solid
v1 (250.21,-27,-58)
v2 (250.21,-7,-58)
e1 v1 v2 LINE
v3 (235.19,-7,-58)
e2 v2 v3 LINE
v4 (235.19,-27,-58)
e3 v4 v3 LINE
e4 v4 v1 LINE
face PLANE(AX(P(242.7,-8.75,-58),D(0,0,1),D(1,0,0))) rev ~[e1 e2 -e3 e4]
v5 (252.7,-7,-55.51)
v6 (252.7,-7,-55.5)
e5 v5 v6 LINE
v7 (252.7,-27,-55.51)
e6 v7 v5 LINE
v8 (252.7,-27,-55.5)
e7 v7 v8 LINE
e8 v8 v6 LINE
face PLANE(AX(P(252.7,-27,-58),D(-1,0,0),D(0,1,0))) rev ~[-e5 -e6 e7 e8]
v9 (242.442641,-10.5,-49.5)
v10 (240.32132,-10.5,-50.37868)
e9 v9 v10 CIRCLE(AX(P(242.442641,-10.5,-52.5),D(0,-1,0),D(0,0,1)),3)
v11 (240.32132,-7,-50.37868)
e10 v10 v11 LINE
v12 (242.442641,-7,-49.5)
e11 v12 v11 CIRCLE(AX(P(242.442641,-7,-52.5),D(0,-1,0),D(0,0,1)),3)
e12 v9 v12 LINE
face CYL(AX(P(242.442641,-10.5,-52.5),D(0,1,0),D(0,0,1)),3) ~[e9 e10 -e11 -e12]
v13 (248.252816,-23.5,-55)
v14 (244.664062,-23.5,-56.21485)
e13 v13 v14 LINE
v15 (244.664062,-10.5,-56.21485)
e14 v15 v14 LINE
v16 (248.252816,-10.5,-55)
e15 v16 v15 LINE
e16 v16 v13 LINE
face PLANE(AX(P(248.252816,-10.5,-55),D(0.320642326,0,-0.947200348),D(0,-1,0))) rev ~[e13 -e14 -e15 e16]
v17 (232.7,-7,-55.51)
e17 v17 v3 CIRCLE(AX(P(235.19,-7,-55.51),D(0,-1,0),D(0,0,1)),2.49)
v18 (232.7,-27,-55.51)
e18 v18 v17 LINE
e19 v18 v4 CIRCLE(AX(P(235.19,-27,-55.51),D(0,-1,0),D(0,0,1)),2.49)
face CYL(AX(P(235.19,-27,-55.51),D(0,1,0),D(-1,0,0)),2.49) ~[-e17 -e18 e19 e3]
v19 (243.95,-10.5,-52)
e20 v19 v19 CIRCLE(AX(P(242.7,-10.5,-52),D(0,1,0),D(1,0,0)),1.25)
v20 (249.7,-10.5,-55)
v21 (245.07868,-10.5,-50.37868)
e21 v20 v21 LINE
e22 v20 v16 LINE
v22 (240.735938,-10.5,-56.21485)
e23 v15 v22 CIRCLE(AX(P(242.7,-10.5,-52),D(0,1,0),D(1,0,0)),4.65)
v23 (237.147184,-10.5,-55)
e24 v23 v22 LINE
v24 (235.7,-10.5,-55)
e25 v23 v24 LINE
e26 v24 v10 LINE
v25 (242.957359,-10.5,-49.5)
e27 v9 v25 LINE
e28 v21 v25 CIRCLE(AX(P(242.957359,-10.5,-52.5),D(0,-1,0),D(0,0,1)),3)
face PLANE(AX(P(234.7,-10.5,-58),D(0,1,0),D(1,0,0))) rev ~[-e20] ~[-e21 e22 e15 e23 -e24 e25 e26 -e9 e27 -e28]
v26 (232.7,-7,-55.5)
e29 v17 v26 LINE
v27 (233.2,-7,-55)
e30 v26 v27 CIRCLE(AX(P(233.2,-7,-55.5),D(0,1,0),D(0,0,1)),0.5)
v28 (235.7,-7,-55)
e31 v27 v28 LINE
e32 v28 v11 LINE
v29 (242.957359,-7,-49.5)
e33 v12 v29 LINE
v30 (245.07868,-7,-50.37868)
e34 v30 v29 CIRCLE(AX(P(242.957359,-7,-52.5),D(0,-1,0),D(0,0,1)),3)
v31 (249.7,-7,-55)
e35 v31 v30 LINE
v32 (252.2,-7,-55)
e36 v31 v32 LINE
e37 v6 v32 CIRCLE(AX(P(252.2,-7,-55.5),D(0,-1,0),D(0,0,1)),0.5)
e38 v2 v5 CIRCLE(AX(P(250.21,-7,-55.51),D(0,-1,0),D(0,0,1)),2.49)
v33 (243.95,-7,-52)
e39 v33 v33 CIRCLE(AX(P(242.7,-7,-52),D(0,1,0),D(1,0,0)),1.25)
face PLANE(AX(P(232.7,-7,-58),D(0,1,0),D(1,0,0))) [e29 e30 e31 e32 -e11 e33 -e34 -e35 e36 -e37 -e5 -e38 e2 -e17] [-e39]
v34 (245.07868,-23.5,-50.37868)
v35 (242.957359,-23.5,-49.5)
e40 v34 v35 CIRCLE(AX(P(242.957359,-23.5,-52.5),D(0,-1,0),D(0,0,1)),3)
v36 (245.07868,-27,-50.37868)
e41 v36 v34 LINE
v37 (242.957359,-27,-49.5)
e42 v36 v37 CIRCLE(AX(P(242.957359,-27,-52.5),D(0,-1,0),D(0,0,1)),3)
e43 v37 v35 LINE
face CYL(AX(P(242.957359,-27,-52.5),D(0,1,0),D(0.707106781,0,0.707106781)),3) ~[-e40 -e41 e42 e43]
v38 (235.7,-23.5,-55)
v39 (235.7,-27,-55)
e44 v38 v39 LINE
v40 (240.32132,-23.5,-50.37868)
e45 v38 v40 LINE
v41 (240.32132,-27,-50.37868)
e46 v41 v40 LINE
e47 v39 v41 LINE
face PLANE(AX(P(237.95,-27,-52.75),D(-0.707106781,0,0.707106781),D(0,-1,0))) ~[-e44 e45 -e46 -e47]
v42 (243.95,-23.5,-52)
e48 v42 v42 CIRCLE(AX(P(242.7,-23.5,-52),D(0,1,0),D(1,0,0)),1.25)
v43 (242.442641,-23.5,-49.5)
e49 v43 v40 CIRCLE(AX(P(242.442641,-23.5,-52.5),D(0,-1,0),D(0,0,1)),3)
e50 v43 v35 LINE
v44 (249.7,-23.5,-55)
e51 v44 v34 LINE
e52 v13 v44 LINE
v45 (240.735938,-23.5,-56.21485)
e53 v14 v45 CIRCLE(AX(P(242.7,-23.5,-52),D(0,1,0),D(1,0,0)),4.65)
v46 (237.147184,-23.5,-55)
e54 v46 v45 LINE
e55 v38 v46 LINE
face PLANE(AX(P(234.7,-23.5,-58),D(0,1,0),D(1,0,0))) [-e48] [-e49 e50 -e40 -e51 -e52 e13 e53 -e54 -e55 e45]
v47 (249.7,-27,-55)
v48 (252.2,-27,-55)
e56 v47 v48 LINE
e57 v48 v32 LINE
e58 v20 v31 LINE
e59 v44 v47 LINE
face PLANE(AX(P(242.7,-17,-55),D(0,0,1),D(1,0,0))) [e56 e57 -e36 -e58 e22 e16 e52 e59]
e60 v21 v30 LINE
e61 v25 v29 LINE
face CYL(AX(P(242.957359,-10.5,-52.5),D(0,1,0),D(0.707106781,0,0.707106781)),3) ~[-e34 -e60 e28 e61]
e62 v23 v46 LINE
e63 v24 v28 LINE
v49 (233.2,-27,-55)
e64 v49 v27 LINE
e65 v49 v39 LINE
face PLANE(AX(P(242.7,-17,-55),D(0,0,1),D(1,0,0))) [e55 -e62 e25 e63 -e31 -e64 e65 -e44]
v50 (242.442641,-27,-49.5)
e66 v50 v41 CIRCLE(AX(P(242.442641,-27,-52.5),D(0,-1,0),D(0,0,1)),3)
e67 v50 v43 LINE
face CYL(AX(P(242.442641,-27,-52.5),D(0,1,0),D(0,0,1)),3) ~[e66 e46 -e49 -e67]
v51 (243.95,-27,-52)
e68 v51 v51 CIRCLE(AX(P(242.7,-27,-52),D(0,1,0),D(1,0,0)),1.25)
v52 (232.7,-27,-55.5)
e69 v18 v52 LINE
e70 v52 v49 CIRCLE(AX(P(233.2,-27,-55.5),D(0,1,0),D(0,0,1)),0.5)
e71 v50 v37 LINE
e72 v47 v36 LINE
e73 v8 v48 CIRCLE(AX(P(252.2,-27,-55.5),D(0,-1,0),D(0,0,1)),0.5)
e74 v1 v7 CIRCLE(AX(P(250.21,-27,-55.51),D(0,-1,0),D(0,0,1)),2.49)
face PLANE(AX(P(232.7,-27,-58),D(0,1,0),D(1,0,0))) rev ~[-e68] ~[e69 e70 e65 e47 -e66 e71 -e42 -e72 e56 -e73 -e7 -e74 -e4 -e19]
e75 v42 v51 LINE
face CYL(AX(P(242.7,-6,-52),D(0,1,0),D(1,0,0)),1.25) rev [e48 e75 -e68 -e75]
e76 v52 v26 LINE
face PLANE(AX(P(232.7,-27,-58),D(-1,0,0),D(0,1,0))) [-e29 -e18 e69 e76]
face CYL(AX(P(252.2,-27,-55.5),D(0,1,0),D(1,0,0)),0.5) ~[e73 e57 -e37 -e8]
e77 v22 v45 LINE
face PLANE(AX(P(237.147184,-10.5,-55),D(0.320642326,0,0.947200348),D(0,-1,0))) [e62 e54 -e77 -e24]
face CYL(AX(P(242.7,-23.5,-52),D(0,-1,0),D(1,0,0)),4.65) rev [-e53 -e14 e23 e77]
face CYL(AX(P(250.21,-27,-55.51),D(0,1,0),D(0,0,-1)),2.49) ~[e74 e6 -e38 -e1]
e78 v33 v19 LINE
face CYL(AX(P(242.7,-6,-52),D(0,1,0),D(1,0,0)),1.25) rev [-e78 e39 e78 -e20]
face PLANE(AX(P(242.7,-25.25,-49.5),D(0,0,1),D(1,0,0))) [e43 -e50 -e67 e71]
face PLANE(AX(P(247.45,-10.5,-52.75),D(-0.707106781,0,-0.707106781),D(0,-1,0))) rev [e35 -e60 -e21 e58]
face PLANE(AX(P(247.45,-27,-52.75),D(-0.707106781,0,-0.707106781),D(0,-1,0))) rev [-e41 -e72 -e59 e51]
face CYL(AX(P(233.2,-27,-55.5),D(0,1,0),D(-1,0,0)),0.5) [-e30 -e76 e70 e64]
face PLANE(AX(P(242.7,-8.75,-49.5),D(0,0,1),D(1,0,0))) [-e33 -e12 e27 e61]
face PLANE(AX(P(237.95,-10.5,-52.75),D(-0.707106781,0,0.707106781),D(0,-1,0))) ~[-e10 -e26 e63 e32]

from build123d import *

# Parameters (mm, degrees)
CYLINDER220_R     = 1.25
CYLINDER220_DEPTH = 22
CYLINDER219_R     = 4.65
CYLINDER219_DEPTH = 13
BOX145_W          = 20
BOX145_H          = 20
BOX145_DEPTH      = 3
CHAMFER004_SIZE   = 2
BOX146_W          = 16
BOX146_H          = 3.5
BOX146_DEPTH      = 8.5
CHAMFER005_SIZE   = 6.5
BOX144_W          = 16
BOX144_H          = 3.5
BOX144_DEPTH      = 8.5
CHAMFER003_SIZE   = 6.5
FILLET061_R       = 3
FILLET060_R       = 2.49
FILLET059_R       = 0.5


with BuildPart() as cylinder479:
    # Cylinder220 → Cylinder220 (new body)
    with BuildSketch(Plane(origin=(320, 13, -68), x_dir=(1, 0, 0), z_dir=(0, -1, 0))):
        Circle(CYLINDER220_R)
    extrude(amount=CYLINDER220_DEPTH)


with BuildPart() as cylinder484:
    # Cylinder219 → Cylinder219 (new body)
    with BuildSketch(Plane(origin=(320, -4.5, -68), x_dir=(1, 0, 0), z_dir=(0, 1, 0))):
        Circle(CYLINDER219_R)
    extrude(amount=CYLINDER219_DEPTH)


with BuildPart() as chamfer004:
    # Box145 → Box145 (new body)
    with BuildSketch(Plane(origin=(310, -8, -74), x_dir=(1, 0, 0), z_dir=(0, 0, 1))):
        with Locations((10, 10)):
            Rectangle(BOX145_W, BOX145_H)
    extrude(amount=BOX145_DEPTH)

    # Cut154: cut Cylinder484
    add(cylinder484.part, mode=Mode.SUBTRACT)

    # Chamfer004
    chamfer004_edges = [chamfer004.edges().sort_by_distance(p)[0] for p in [
        (323.552816, 2, -71),
        (316.447184, 2, -71),
    ]]
    chamfer(chamfer004_edges, length=CHAMFER004_SIZE)


with BuildPart() as chamfer005:
    # Box146 → Box146 (new body)
    with BuildSketch(Plane(origin=(311, 8.5, -74), x_dir=(1, 0, 0), z_dir=(0, 0, 1))):
        with Locations((8, 1.75)):
            Rectangle(BOX146_W, BOX146_H)
    extrude(amount=BOX146_DEPTH)

    # Chamfer005
    chamfer005_edges = [chamfer005.edges().sort_by_distance(p)[0] for p in [
        (311, 10.25, -65.5),
        (327, 10.25, -65.5),
    ]]
    chamfer(chamfer005_edges, length=CHAMFER005_SIZE)


with BuildPart() as chamfer005_1:
    # Chamfer005 placement: moved
    add(chamfer005.part.moved(Location((1, 0, 0))))


with BuildPart() as supports_left_foot:
    # Box144 → Box144 (new body)
    with BuildSketch(Plane(origin=(311, 8.5, -74), x_dir=(1, 0, 0), z_dir=(0, 0, 1))):
        with Locations((8, 1.75)):
            Rectangle(BOX144_W, BOX144_H)
    extrude(amount=BOX144_DEPTH)

    # Chamfer003
    chamfer003_edges = [supports_left_foot.edges().sort_by_distance(p)[0] for p in [
        (311, 10.25, -65.5),
        (327, 10.25, -65.5),
    ]]
    chamfer(chamfer003_edges, length=CHAMFER003_SIZE)


with BuildPart() as supports_left_foot_1:
    # Chamfer003 placement: moved
    add(supports_left_foot.part.moved(Location((1, -16.5, 0))))

    # Fusion189: union Chamfer004, Chamfer005
    add(chamfer004.part)
    add(chamfer005_1.part)

    # Fillet061
    fillet061_edges = [supports_left_foot_1.edges().sort_by_distance(p)[0] for p in [
        (318.5, -6.25, -65.5),
        (321.5, -6.25, -65.5),
        (318.5, 10.25, -65.5),
        (321.5, 10.25, -65.5),
    ]]
    fillet(fillet061_edges, radius=FILLET061_R)

    # Fillet060
    fillet060_edges = [supports_left_foot_1.edges().sort_by_distance(p)[0] for p in [
        (330, 2, -74),
        (310, 2, -74),
    ]]
    fillet(fillet060_edges, radius=FILLET060_R)

    # Fillet059
    fillet059_edges = [supports_left_foot_1.edges().sort_by_distance(p)[0] for p in [
        (330, 2, -71),
        (310, 2, -71),
    ]]
    fillet(fillet059_edges, radius=FILLET059_R)

    # Cut153: cut Cylinder479
    add(cylinder479.part, mode=Mode.SUBTRACT)


with BuildPart() as supports_left_foot_2:
    # Cut153 placement: moved
    add(supports_left_foot_1.part.moved(Location((-77.3, -19, 16))))


solid = supports_left_foot_2.part
